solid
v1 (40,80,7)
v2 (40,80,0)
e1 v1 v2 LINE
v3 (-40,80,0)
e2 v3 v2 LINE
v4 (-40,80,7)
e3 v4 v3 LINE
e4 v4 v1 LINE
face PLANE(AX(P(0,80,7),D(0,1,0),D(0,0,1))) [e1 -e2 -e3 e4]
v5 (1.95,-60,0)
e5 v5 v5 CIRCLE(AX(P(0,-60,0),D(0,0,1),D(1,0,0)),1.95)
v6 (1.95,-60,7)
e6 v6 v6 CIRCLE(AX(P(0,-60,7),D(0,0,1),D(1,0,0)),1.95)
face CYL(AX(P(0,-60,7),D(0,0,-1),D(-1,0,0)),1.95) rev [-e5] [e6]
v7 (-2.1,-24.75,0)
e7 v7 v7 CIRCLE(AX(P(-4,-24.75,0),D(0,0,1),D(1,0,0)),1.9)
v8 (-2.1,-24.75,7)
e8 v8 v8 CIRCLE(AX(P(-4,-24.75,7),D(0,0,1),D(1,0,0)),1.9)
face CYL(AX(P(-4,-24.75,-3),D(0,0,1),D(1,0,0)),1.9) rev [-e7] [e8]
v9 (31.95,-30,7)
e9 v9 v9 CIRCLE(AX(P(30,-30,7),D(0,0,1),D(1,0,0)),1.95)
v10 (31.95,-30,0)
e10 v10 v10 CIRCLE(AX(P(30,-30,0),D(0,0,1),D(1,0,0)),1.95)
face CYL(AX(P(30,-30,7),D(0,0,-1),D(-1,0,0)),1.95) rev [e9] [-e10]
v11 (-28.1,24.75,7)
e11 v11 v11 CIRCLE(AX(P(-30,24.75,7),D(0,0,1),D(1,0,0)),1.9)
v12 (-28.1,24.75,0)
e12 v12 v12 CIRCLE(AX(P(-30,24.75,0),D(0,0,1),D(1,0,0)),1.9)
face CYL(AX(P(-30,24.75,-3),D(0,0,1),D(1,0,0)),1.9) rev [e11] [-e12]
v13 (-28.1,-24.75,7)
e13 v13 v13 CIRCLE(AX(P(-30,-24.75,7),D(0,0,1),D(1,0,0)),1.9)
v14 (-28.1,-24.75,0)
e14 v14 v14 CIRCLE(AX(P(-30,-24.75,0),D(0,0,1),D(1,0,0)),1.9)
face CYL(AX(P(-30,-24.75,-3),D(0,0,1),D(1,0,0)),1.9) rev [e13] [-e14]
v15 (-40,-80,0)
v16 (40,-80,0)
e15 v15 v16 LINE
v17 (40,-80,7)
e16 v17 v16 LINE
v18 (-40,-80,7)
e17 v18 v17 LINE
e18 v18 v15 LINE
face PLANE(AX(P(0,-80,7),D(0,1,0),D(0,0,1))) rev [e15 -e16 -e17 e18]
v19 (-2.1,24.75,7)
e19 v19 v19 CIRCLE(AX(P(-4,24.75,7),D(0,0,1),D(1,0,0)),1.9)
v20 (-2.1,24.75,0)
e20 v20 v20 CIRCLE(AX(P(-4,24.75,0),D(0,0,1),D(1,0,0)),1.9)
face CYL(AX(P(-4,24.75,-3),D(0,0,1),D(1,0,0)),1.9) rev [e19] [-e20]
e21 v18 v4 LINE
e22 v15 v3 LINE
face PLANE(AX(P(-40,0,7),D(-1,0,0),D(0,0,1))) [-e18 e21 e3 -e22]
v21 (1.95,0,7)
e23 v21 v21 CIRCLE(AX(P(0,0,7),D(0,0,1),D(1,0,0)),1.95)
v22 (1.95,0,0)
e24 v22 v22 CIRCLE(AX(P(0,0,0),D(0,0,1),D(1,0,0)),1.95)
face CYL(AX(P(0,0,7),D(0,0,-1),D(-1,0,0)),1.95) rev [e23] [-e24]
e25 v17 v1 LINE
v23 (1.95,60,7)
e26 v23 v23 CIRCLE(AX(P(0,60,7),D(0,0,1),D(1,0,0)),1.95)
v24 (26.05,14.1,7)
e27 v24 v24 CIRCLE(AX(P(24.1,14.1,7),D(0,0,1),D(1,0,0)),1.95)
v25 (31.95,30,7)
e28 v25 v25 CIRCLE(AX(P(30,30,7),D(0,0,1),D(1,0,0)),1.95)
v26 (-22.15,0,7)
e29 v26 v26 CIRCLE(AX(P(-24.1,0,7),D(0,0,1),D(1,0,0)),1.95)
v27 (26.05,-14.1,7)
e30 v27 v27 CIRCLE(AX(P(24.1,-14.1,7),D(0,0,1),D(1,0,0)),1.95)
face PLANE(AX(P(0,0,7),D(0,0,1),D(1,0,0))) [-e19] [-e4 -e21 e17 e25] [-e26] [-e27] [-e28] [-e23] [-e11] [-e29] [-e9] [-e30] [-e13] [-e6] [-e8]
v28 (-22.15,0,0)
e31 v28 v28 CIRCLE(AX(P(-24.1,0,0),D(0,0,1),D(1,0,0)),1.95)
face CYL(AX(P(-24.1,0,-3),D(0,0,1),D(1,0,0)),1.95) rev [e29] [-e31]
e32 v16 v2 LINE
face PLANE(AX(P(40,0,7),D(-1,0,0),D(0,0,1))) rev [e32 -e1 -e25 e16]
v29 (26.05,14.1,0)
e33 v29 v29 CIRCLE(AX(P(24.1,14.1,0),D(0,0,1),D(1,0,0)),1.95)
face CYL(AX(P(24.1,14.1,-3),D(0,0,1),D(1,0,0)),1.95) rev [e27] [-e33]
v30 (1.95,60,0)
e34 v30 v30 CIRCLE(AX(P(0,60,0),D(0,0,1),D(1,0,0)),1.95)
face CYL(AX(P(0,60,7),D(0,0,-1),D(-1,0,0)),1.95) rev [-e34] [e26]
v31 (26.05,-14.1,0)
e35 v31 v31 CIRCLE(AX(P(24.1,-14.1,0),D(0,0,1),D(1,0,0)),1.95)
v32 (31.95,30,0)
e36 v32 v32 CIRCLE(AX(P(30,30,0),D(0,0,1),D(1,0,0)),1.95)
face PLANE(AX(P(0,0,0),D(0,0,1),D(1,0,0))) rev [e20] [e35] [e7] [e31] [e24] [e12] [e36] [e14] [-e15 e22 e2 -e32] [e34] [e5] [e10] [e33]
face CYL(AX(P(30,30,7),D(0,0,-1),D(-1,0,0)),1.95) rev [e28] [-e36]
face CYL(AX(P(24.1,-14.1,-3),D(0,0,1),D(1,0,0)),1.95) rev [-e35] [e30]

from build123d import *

# Parameters (mm, degrees)
EXTRUDE_1_DEPTH     = 7
CUT_EXTRUDE_2_DEPTH = 10
CUT_EXTRUDE_1_DEPTH = 10


with BuildPart() as part:
    # 草图1 → 凸台-拉伸1 (new body)
    with BuildSketch(Plane.XY):
        with BuildLine():
            Line((0, 61.95), (0, 80))
            Line((0, 80), (-40, 80))
            Line((-40, 80), (-40, -80))
            Line((-40, -80), (0, -80))
            Line((0, -80), (0, -61.95))
            ThreePointArc((0, -61.95), (-1.95, -60), (0, -58.05))
            Line((0, -58.05), (0, -1.95))
            ThreePointArc((0, -1.95), (-1.95, 0), (0, 1.95))
            Line((0, 1.95), (0, 58.05))
            ThreePointArc((0, 58.05), (-1.95, 60), (0, 61.95))
        make_face()
        with BuildLine():
            Line((30, 80), (0, 80))
            Line((0, 80), (0, 61.95))
            ThreePointArc((0, 61.95), (1.378858223, 61.378858223), (1.95, 60))
            ThreePointArc((1.95, 60), (1.378858223, 58.621141777), (0, 58.05))
            Line((0, 58.05), (0, 1.95))
            ThreePointArc((0, 1.95), (1.378858223, 1.378858223), (1.95, 0))
            ThreePointArc((1.95, 0), (1.378858223, -1.378858223), (0, -1.95))
            Line((0, -1.95), (0, -58.05))
            ThreePointArc((0, -58.05), (1.378858223, -58.621141777), (1.95, -60))
            ThreePointArc((1.95, -60), (1.378858223, -61.378858223), (0, -61.95))
            Line((0, -61.95), (0, -80))
            Line((0, -80), (30, -80))
            Line((30, -80), (30, -31.95))
            ThreePointArc((30, -31.95), (28.05, -30), (30, -28.05))
            Line((30, -28.05), (30, 28.05))
            ThreePointArc((30, 28.05), (28.05, 30), (30, 31.95))
            Line((30, 31.95), (30, 80))
        make_face()
        with BuildLine():
            Line((40, 80), (30, 80))
            Line((30, 80), (30, 31.95))
            ThreePointArc((30, 31.95), (31.378858223, 31.378858223), (31.95, 30))
            ThreePointArc((31.95, 30), (31.378858223, 28.621141777), (30, 28.05))
            Line((30, 28.05), (30, -28.05))
            ThreePointArc((30, -28.05), (31.378858223, -28.621141777), (31.95, -30))
            ThreePointArc((31.95, -30), (31.378858223, -31.378858223), (30, -31.95))
            Line((30, -31.95), (30, -80))
            Line((30, -80), (40, -80))
            Line((40, -80), (40, 80))
        make_face()
    extrude(amount=EXTRUDE_1_DEPTH)

    # 草图3 → 切除-拉伸2 (cut)
    with BuildSketch(Plane.XY.offset(7)):
        with BuildLine():
            ThreePointArc((-28.1, 24.75), (-31.343502884, 26.093502884), (-30, 22.85))
            Line((-30, 22.85), (-30, 24.75))
            Line((-30, 24.75), (-28.1, 24.75))
        make_face()
        with BuildLine():
            Line((-30, 24.75), (-30, 22.85))
            ThreePointArc((-30, 22.85), (-28.656497116, 23.406497116), (-28.1, 24.75))
            Line((-28.1, 24.75), (-30, 24.75))
        make_face()
        with BuildLine():
            ThreePointArc((-5.9, 24.75), (-5.343502884, 23.406497116), (-4, 22.85))
            Line((-4, 22.85), (-4, 24.75))
            Line((-4, 24.75), (-5.9, 24.75))
        make_face()
        with BuildLine():
            Line((-4, 24.75), (-4, 22.85))
            ThreePointArc((-4, 22.85), (-2.656497116, 23.406497116), (-2.1, 24.75))
            ThreePointArc((-2.1, 24.75), (-4, 26.65), (-5.9, 24.75))
            Line((-5.9, 24.75), (-4, 24.75))
        make_face()
        with BuildLine():
            Line((-30, -22.85), (-30, -24.75))
            Line((-30, -24.75), (-28.1, -24.75))
            ThreePointArc((-28.1, -24.75), (-28.656497116, -23.406497116), (-30, -22.85))
        make_face()
        with BuildLine():
            Line((-28.1, -24.75), (-30, -24.75))
            Line((-30, -24.75), (-30, -22.85))
            ThreePointArc((-30, -22.85), (-31.343502884, -26.093502884), (-28.1, -24.75))
        make_face()
        with BuildLine():
            ThreePointArc((-4, -22.85), (-5.343502884, -23.406497116), (-5.9, -24.75))
            Line((-5.9, -24.75), (-4, -24.75))
            Line((-4, -24.75), (-4, -22.85))
        make_face()
        with BuildLine():
            Line((-4, -24.75), (-5.9, -24.75))
            ThreePointArc((-5.9, -24.75), (-4, -26.65), (-2.1, -24.75))
            ThreePointArc((-2.1, -24.75), (-2.656497116, -23.406497116), (-4, -22.85))
            Line((-4, -22.85), (-4, -24.75))
        make_face()
    extrude(amount=-CUT_EXTRUDE_2_DEPTH, mode=Mode.SUBTRACT)

    # 草图2 → 切除-拉伸1 (cut)
    with BuildSketch(Plane.XY.offset(7)):
        with BuildLine():
            ThreePointArc((-24.1, 1.95), (-26.05, 0), (-24.1, -1.95))
            Line((-24.1, -1.95), (-24.1, 1.95))
        make_face()
        with BuildLine():
            Line((-24.1, 1.95), (-24.1, -1.95))
            ThreePointArc((-24.1, -1.95), (-22.721141777, -1.378858223), (-22.15, 0))
            ThreePointArc((-22.15, 0), (-22.721141777, 1.378858223), (-24.1, 1.95))
        make_face()
        with BuildLine():
            ThreePointArc((24.1, -12.15), (22.721141777, -12.721141777), (22.15, -14.1))
            Line((22.15, -14.1), (24.1, -14.1))
            Line((24.1, -14.1), (24.1, -12.15))
        make_face()
        with BuildLine():
            Line((24.1, -14.1), (22.15, -14.1))
            ThreePointArc((22.15, -14.1), (24.1, -16.05), (26.05, -14.1))
            ThreePointArc((26.05, -14.1), (25.478858223, -12.721141777), (24.1, -12.15))
            Line((24.1, -12.15), (24.1, -14.1))
        make_face()
        with BuildLine():
            ThreePointArc((22.15, 14.1), (22.721141777, 12.721141777), (24.1, 12.15))
            Line((24.1, 12.15), (24.1, 14.1))
            Line((24.1, 14.1), (22.15, 14.1))
        make_face()
        with BuildLine():
            Line((24.1, 14.1), (24.1, 12.15))
            ThreePointArc((24.1, 12.15), (25.478858223, 12.721141777), (26.05, 14.1))
            ThreePointArc((26.05, 14.1), (24.1, 16.05), (22.15, 14.1))
            Line((22.15, 14.1), (24.1, 14.1))
        make_face()
    extrude(amount=-CUT_EXTRUDE_1_DEPTH, mode=Mode.SUBTRACT)


solid = part.part
